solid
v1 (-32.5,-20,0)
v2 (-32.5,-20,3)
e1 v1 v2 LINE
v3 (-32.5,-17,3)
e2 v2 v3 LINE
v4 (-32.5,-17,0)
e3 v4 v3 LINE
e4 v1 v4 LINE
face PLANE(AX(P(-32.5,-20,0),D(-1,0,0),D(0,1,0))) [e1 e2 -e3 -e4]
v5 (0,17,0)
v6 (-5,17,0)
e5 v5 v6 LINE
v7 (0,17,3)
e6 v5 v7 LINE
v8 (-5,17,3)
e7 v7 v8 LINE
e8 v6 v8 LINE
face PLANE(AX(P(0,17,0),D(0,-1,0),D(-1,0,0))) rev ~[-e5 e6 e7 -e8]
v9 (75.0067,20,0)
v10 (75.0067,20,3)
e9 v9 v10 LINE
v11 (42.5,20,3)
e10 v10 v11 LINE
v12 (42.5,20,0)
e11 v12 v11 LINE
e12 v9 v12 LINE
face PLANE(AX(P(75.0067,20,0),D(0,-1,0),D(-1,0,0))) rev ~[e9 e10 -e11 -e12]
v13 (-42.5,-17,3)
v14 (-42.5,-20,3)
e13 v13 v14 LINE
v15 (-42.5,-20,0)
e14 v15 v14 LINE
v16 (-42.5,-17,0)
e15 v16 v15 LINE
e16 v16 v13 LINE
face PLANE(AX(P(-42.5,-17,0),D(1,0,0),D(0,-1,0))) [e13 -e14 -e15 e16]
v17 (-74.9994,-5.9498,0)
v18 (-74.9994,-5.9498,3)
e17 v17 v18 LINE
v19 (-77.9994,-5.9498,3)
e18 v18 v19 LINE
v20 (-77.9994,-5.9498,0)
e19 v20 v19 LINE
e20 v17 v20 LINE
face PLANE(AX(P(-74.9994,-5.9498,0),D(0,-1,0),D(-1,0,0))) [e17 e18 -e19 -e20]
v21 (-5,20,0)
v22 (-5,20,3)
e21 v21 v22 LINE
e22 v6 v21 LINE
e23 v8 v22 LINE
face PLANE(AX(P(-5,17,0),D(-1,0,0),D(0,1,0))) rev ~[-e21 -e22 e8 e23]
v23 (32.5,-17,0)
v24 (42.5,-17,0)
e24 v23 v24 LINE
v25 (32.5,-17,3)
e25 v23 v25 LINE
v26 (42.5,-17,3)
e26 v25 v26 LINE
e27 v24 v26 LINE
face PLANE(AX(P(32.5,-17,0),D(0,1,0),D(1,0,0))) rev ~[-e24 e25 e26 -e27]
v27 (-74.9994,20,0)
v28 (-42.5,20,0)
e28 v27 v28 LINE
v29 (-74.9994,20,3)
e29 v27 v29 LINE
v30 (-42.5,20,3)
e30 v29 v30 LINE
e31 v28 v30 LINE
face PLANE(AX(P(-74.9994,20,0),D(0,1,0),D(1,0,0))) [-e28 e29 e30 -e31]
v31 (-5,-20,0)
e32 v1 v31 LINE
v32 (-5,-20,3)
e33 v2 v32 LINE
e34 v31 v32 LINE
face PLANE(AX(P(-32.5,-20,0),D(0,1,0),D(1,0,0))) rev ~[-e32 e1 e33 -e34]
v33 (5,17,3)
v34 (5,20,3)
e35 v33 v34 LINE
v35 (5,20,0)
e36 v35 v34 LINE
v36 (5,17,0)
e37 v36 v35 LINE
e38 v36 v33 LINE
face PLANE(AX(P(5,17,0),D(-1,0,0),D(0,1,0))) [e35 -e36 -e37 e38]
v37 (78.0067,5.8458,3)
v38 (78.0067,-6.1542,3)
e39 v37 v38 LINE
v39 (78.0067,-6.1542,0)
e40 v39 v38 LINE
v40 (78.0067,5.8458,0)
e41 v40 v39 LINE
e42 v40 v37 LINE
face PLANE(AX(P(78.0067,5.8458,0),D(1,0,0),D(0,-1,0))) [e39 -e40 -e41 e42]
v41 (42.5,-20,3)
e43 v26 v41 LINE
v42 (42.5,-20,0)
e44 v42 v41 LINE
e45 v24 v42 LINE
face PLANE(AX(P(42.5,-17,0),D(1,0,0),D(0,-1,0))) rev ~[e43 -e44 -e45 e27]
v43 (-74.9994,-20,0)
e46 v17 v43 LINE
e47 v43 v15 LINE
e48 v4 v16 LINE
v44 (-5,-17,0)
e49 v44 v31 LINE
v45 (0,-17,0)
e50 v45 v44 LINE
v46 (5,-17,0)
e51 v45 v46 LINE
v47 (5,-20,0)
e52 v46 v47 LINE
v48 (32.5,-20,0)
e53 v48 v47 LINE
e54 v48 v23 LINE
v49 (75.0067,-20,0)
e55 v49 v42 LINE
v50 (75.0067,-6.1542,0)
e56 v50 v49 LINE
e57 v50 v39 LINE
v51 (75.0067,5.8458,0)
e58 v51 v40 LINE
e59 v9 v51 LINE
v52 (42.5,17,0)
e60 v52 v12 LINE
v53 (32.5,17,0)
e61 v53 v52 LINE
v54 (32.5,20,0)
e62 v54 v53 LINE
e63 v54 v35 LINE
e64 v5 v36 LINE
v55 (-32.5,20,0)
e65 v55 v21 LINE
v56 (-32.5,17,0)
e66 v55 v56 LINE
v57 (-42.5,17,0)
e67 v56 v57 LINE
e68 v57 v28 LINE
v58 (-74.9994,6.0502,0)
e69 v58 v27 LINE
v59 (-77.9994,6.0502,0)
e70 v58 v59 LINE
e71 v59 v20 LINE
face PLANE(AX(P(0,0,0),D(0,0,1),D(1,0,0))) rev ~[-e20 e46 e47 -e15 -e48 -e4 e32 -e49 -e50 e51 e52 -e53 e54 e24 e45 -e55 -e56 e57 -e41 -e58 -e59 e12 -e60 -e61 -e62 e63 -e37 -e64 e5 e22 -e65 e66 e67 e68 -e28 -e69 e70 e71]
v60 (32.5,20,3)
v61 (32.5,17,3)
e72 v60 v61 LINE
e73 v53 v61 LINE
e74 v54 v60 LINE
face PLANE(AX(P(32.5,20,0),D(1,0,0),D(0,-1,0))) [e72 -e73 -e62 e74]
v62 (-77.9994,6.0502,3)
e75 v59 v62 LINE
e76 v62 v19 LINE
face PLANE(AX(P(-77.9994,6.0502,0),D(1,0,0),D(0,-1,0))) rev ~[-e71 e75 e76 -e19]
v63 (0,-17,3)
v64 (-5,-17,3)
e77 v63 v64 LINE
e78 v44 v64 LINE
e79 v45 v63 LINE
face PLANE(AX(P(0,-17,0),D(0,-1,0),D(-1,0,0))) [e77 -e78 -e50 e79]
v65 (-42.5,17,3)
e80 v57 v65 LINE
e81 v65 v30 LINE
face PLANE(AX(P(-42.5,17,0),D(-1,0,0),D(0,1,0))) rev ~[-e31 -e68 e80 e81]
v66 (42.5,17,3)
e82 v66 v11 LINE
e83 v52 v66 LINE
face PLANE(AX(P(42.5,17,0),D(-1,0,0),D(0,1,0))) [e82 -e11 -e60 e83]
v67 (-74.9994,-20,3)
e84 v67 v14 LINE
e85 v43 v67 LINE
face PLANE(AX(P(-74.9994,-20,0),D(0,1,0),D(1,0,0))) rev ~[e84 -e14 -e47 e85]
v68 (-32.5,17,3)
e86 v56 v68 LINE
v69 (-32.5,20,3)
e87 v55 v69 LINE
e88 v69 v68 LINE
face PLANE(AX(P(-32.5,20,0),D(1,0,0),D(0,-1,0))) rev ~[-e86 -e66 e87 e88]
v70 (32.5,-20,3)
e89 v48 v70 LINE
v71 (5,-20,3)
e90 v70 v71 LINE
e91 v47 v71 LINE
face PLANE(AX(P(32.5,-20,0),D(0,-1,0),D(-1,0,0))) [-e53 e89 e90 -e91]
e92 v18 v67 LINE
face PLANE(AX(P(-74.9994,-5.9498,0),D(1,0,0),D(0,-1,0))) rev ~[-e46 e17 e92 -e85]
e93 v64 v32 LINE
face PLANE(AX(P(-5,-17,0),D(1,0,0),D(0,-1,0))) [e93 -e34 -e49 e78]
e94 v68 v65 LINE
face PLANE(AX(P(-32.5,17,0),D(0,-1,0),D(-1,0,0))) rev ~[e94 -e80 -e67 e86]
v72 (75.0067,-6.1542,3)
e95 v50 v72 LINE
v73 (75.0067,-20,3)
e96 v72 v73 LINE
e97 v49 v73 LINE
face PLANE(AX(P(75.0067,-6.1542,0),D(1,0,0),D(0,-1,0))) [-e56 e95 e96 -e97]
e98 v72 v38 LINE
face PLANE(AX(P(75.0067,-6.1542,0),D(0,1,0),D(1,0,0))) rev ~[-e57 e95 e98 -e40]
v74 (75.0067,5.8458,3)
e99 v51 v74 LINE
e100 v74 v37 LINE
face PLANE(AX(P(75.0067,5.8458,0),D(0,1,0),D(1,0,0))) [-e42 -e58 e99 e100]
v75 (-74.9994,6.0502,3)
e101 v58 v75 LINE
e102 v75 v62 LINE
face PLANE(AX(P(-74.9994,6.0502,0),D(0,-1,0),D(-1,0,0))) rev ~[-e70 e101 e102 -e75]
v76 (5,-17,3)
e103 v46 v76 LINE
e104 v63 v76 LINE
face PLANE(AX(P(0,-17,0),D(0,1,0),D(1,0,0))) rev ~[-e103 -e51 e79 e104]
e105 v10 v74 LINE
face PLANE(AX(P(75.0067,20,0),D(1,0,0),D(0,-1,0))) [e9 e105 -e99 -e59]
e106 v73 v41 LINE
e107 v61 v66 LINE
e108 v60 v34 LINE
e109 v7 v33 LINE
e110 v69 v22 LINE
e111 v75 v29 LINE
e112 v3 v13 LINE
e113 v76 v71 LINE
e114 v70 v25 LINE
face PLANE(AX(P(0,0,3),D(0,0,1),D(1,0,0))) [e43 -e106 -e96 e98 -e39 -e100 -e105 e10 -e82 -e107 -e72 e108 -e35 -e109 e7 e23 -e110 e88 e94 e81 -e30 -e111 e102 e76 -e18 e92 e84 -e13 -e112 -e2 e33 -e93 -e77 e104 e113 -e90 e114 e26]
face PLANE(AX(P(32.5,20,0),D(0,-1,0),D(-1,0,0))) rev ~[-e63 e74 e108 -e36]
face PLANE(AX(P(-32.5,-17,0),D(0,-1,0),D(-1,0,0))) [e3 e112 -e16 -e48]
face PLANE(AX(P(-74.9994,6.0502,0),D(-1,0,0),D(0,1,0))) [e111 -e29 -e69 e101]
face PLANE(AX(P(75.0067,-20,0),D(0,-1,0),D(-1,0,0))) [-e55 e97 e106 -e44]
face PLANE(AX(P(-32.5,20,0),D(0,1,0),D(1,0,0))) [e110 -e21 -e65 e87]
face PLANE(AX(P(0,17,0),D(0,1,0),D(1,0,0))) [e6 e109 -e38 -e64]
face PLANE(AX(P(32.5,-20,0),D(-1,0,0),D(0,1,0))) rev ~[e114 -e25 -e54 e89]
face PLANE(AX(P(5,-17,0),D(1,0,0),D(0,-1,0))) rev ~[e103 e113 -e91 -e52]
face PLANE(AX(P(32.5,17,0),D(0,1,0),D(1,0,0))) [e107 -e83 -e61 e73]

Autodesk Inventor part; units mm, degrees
ref_plane "YZ Plane" through (0, 0, 0) normal (1, 0, 0) x (0, 1, 0)
ref_plane "XZ Plane" through (0, 0, 0) normal (0, 1, 0) x (-1, 0, 0)
ref_plane "XY Plane" through (0, 0, 0) normal (0, 0, 1) x (1, 0, 0)
sketch "Эскиз1" plane through (0, 0, 0) normal (0, 0, 1) x (1, 0, 0)
  line L0 (-74.9994, 20) -> (-42.5, 20)
  line L1 (-42.5, 17) -> (-42.5, 20)
  line L2 (-42.5, -17) -> (-42.5, -20)
  line L3 (-74.9994, -20) -> (-42.5, -20)
  line L4 (-74.9994, -20) -> (-42.5, -20)
  line L5 (-74.9994, -5.9498) -> (-77.9994, -5.9498)
  line L6 (-74.9994, 20) -> (-42.5, 20)
  line L7 (-74.9994, 6.0502) -> (-77.9994, 6.0502)
  line L8 (32.5, 20) -> (32.5, 17)
  line L9 (32.5, -20) -> (5, -20)
  line L10 (32.5, -20) -> (5, -20)
  line L11 (5, 17) -> (5, 20)
  line L12 (32.5, 20) -> (5, 20)
  line L13 (0, 17) -> (5, 17)
  line L14 (32.5, 20) -> (5, 20)
  line L15 (75.0067, 20) -> (42.5, 20)
  line L16 (42.5, 17) -> (42.5, 20)
  line L17 (32.5, 17) -> (42.5, 17)
  line L18 (32.5, -20) -> (32.5, -17)
  line L19 (32.5, -17) -> (42.5, -17)
  line L20 (42.5, -17) -> (42.5, -20)
  line L21 (75.0067, 20) -> (42.5, 20)
  line L22 (75.0067, 5.8458) -> (78.0067, 5.8458)
  line L23 (75.0067, -6.1542) -> (78.0067, -6.1542)
  line L24 (75.0067, -20) -> (42.5, -20)
  line L25 (75.0067, -20) -> (42.5, -20)
  line L26 (-32.5, 20) -> (-32.5, 17)
  line L27 (-32.5, 17) -> (-42.5, 17)
  line L28 (-32.5, 20) -> (-5, 20)
  line L29 (0, 17) -> (-5, 17)
  line L30 (-5, 17) -> (-5, 20)
  line L31 (-32.5, -20) -> (-32.5, -17)
  line L32 (-32.5, 20) -> (-5, 20)
  line L33 (-5, -17) -> (-5, -20)
  line L34 (-32.5, -20) -> (-5, -20)
  line L35 (-32.5, -20) -> (-5, -20)
  line L36 (0, -17) -> (-5, -17)
  line L37 (0, -17) -> (5, -17)
  line L38 (5, -17) -> (5, -20)
  line L39 (-32.5, -17) -> (-42.5, -17)
  line L40 (-74.9994, 6.0502) -> (-74.9994, 20)
  line L41 (-74.9994, -5.9498) -> (-74.9994, -20)
  line L42 (-74.9994, 6.0502) -> (-77.9994, 6.0502)
  line L43 (-77.9994, 6.0502) -> (-77.9994, -5.9498)
  line L44 (-77.9994, -5.9498) -> (-74.9994, -5.9498)
  line L45 (75.0067, 20) -> (75.0067, 5.8458)
  line L46 (75.0067, -6.1542) -> (75.0067, -20)
  line L47 (75.0067, 5.8458) -> (78.0067, 5.8458)
  line L48 (78.0067, 5.8458) -> (78.0067, -6.1542)
  line L49 (78.0067, -6.1542) -> (75.0067, -6.1542)
  point P0 (0, 0)
  point P1 (0, 0)
  point P2 (0, 0)
extrude "Выдавливание1" add sketch "Эскиз1" along normal blind 3
properties part number "Стекнка t3"
